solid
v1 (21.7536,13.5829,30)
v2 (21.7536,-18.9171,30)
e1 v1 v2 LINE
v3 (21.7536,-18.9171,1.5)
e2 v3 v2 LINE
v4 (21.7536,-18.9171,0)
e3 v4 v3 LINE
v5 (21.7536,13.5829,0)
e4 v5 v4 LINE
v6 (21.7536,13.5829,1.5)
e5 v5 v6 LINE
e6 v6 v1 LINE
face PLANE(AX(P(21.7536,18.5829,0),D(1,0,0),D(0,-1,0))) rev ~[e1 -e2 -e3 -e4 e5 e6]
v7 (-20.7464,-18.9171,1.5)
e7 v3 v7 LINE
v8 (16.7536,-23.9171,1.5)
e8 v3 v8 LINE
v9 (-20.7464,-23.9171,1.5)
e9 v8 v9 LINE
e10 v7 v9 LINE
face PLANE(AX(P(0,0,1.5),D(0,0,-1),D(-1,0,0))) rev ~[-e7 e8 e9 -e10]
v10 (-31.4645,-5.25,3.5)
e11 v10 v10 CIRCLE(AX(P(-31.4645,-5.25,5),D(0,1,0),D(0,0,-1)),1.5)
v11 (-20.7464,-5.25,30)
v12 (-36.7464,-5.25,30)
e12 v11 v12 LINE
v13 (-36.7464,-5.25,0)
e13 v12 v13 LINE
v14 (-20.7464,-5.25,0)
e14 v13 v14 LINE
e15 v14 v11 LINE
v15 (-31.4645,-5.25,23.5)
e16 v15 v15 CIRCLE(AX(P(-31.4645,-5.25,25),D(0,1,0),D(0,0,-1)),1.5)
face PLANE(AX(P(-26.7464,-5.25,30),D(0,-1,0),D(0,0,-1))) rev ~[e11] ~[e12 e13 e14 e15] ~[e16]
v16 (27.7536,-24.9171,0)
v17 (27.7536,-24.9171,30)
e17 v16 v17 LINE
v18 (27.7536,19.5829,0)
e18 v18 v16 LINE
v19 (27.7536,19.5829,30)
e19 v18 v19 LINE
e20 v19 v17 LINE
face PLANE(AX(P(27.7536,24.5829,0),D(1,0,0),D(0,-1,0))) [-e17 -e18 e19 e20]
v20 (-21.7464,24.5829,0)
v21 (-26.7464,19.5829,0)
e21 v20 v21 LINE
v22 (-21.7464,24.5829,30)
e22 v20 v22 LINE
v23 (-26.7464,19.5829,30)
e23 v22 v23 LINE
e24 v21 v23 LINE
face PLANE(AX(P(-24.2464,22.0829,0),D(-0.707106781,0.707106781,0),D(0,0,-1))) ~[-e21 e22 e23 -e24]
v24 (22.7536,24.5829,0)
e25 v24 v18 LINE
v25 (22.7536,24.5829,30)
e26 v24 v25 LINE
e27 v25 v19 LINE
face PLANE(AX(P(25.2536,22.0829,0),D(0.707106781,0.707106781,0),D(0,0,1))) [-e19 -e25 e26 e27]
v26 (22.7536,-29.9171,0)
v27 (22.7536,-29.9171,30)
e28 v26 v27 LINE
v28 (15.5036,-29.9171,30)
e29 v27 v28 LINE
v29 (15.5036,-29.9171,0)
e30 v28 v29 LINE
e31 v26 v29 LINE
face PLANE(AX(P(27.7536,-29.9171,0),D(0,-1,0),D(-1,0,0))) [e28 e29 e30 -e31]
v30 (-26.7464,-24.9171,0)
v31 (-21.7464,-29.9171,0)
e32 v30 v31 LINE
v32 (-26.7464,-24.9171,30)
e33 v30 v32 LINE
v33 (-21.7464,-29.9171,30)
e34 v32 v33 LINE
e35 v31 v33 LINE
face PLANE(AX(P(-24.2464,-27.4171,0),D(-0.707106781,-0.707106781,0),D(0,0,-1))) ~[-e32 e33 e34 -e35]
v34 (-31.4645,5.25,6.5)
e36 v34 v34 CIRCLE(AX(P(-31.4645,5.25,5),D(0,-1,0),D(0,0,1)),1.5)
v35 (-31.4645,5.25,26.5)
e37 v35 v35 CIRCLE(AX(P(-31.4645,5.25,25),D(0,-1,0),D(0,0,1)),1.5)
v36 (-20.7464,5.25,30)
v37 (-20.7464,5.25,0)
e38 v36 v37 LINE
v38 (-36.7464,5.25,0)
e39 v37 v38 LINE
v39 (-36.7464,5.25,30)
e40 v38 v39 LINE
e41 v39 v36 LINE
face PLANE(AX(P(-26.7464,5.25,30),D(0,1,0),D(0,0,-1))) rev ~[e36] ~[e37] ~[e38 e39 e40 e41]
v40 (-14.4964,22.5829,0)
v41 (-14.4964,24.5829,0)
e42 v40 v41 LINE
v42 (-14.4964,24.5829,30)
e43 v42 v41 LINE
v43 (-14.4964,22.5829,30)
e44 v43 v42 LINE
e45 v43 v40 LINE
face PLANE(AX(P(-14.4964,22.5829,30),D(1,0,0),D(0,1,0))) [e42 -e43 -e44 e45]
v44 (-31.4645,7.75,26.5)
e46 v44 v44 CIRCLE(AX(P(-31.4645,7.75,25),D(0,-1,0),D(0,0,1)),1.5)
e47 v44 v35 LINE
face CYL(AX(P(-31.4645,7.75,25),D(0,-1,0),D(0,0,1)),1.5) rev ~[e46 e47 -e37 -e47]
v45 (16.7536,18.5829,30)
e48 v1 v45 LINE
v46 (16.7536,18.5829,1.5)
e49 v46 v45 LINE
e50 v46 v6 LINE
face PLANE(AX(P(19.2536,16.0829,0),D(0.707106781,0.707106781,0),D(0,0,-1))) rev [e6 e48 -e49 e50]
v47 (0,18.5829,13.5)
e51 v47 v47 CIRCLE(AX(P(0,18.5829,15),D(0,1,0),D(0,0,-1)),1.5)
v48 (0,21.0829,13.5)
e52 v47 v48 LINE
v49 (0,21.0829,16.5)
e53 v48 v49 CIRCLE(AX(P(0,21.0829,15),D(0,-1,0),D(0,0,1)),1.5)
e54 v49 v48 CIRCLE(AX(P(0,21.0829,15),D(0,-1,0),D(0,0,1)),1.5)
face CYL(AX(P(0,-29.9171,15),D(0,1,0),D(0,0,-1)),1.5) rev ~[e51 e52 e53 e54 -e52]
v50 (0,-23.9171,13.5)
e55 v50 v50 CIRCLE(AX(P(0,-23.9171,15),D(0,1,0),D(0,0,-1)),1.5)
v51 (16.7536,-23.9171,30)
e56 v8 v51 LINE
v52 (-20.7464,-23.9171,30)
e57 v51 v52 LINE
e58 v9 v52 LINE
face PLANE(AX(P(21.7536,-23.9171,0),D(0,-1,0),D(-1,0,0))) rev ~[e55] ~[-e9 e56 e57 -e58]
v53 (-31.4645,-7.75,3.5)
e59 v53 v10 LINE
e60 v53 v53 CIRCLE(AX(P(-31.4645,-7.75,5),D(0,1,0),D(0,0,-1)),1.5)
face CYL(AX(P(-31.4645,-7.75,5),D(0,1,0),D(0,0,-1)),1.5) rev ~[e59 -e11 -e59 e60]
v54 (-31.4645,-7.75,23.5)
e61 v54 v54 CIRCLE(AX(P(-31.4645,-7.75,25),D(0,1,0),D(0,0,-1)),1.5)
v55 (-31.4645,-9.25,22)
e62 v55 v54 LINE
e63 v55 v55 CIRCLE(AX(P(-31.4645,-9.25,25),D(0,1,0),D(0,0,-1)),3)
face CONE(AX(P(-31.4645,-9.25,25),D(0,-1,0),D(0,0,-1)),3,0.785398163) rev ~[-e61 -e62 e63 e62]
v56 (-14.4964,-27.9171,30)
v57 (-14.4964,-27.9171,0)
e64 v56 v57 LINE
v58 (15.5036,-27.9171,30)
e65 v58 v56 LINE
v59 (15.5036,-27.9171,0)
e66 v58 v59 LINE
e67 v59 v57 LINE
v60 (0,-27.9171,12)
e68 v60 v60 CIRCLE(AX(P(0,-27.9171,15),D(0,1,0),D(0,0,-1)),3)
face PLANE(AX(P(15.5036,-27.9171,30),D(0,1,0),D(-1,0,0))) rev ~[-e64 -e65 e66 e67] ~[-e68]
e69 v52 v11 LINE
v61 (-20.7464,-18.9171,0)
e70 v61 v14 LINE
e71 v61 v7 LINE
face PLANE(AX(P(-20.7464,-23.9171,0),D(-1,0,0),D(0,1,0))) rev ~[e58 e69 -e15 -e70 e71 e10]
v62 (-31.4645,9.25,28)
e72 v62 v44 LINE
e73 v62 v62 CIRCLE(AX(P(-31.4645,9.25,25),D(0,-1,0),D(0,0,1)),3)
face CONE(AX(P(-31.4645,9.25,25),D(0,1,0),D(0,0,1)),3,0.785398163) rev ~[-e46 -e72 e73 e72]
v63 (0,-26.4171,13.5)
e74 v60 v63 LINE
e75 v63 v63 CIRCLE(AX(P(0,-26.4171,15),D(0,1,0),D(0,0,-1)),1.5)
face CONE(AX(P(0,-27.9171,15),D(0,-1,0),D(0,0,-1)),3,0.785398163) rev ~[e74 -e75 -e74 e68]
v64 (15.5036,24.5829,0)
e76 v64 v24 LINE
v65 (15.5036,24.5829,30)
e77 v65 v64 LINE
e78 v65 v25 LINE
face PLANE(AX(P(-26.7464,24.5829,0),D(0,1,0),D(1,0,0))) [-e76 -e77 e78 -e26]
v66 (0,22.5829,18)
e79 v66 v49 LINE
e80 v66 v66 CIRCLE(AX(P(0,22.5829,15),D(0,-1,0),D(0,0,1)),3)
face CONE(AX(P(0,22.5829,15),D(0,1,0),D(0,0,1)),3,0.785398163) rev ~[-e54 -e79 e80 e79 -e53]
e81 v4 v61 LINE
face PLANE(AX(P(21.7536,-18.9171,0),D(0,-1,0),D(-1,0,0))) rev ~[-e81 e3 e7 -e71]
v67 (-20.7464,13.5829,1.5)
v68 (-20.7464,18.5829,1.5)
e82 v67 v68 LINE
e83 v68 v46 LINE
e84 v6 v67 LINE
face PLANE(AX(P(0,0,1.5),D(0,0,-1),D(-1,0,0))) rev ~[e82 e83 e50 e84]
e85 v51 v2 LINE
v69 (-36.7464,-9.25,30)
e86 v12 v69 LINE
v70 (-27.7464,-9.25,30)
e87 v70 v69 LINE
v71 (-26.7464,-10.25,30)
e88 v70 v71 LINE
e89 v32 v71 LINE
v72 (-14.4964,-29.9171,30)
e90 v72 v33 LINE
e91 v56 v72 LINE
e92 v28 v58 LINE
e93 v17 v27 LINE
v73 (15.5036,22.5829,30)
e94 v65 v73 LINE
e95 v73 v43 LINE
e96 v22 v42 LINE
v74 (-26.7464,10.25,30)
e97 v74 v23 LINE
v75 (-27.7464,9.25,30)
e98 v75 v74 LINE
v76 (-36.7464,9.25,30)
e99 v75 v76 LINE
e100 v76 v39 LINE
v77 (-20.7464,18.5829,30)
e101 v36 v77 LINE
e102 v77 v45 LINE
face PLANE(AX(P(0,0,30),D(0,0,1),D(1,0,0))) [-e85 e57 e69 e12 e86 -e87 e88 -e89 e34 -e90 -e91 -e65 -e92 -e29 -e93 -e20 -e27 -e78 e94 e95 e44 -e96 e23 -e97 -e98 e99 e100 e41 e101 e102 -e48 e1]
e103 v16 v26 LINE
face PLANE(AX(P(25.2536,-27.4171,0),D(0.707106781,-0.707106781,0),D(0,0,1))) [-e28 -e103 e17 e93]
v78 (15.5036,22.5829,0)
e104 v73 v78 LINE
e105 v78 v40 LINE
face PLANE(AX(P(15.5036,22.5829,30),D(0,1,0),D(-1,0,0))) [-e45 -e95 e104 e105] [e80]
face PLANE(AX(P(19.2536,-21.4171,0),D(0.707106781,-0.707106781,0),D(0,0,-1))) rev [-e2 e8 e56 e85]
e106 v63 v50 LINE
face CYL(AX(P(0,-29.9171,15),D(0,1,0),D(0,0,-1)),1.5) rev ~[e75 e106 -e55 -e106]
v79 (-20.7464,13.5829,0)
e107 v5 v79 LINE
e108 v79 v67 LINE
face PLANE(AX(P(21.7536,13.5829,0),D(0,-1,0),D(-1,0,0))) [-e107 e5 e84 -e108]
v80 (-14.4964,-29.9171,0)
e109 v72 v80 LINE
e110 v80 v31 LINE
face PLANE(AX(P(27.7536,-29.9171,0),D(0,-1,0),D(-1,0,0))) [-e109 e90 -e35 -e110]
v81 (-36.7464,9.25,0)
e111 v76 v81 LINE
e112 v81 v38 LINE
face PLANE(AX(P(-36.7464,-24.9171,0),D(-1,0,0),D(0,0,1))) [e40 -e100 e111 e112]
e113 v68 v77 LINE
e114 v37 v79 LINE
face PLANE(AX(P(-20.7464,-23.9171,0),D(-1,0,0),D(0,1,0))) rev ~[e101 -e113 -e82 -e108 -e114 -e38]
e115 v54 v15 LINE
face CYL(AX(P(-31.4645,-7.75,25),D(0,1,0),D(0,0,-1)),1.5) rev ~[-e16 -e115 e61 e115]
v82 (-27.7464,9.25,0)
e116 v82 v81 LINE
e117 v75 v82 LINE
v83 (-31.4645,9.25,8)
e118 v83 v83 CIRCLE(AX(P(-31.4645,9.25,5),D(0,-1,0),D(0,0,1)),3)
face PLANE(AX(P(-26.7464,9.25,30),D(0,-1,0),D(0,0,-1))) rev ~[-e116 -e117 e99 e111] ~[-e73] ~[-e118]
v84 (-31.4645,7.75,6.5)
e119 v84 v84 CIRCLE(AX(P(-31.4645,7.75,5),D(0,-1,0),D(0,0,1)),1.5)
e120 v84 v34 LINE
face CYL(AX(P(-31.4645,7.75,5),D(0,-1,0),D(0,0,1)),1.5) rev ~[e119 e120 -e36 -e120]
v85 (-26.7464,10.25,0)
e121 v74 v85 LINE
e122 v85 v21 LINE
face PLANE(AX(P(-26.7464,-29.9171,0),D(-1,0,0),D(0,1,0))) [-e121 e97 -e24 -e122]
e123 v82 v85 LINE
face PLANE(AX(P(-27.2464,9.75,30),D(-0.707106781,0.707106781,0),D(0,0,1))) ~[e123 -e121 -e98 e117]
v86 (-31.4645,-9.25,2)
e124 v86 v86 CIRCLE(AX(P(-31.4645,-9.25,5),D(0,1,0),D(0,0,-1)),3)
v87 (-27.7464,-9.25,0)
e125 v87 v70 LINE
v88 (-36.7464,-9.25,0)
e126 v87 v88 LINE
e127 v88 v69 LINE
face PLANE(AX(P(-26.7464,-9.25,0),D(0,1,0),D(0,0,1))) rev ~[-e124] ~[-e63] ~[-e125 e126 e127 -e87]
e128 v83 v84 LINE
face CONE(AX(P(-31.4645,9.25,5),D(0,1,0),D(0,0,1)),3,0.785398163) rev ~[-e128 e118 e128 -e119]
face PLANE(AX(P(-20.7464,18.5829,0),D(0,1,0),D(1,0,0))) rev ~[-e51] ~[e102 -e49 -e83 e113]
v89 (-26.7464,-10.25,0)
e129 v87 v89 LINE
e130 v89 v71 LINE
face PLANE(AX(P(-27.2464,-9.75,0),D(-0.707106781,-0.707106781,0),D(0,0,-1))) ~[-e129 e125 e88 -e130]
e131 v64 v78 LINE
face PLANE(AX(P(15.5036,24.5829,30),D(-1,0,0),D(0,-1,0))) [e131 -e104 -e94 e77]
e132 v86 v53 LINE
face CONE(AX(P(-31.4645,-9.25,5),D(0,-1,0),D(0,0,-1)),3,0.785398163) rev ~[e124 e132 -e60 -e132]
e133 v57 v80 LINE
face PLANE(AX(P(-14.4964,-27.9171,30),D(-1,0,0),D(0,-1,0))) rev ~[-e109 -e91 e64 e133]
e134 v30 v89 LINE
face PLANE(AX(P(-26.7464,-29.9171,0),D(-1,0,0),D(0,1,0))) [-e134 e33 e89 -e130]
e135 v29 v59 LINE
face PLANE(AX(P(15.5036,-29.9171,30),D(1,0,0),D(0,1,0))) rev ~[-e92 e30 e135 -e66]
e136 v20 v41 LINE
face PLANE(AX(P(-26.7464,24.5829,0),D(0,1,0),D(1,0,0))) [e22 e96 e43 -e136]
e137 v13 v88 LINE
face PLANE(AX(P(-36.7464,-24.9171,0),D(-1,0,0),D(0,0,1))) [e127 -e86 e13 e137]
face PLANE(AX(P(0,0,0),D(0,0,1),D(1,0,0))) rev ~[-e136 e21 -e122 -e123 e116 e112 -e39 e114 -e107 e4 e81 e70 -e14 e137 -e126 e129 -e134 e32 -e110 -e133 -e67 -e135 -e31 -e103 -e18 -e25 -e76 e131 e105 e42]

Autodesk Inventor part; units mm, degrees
ref_plane "YZ Plane" through (0, 0, 0) normal (1, 0, 0) x (0, 1, 0)
ref_plane "XZ Plane" through (0, 0, 0) normal (0, 1, 0) x (-1, 0, 0)
ref_plane "XY Plane" through (0, 0, 0) normal (0, 0, 1) x (1, 0, 0)
sketch "Sketch1" plane through (0, 0, 0) normal (0, 0, 1) x (1, 0, 0)
  line L0 (-20.7464, 18.5829) -> (21.7536, 18.5829)
  line L1 (21.7536, 18.5829) -> (21.7536, -23.9171)
  line L2 (21.7536, -23.9171) -> (-20.7464, -23.9171)
  line L3 (-20.7464, -23.9171) -> (-20.7464, 18.5829)
  line L4 (-26.7464, 24.5829) -> (27.7536, 24.5829)
  line L5 (27.7536, 24.5829) -> (27.7536, -29.9171)
  line L6 (27.7536, -29.9171) -> (-26.7464, -29.9171)
  line L7 (-26.7464, -29.9171) -> (-26.7464, 24.5829)
  point P0 (0, 0)
  dimension "d0" = 42.5
  dimension "d1" = 42.5
  dimension "d2" = 6
  dimension "d3" = 6
  dimension "d4" = 6
  dimension "d5" = 6
extrude "Extrusion1" add sketch "Sketch1" along normal blind 30
chamfer "Chamfer1" distance 5 angle 45 4 edges at (27.7536, 24.5829, 15) (27.7536, -29.9171, 15) (21.7536, -23.9171, 15) (21.7536, 18.5829, 15)
chamfer "Chamfer2" distance 5 angle 45 2 edges at (-26.7464, 24.5829, 15) (-26.7464, -29.9171, 15)
sketch "Sketch2" plane through (22.7536, -29.9171, 0) normal (0, -1, 0) x (1, 0, 0)
  line L0 (-44.5, 30) -> (0, 30) projected
  point P0 (-22.7536, 0)
  point P1 (-22.7536, 15)
  dimension "d14" = 15
hole "Hole1" at (0, -29.9171, 15) direction (0, 1, 0) diameter 3 depth 100 tip angle 118
sketch "Sketch3" plane through (0, 0, 30) normal (0, 0, 1) x (1, 0, 0)
  line L0 (-21.7464, -29.9171) -> (22.7536, -29.9171) projected
  line L1 (-14.4964, -29.9171) -> (15.5036, -29.9171)
  line L2 (15.5036, -29.9171) -> (15.5036, -27.9171)
  line L3 (15.5036, -27.9171) -> (-14.4964, -27.9171)
  line L4 (-14.4964, -27.9171) -> (-14.4964, -29.9171)
  line L5 (-21.7464, 24.5829) -> (22.7536, 24.5829) projected
  line L6 (-14.4964, 24.5829) -> (15.5036, 24.5829)
  line L7 (15.5036, 24.5829) -> (15.5036, 22.5829)
  line L8 (15.5036, 22.5829) -> (-14.4964, 22.5829)
  line L9 (-14.4964, 22.5829) -> (-14.4964, 24.5829)
  line L10 (-20.7464, -23.9171) -> (-20.7464, 18.5829) projected
  point P0 (0, 0)
  dimension "d22" = 30
  dimension "d23" = 6.25
  dimension "d24" = 2
  dimension "d25" = 2
extrude "Extrusion2" cut sketch "Sketch3" against normal blind 30
sketch "Sketch4" plane through (-26.7464, -24.9171, 0) normal (-1, 0, 0) x (0, 0, 1)
  point P0 (0, 24.9171)
sketch "Sketch5" plane through (-26.7464, -24.9171, 0) normal (-1, 0, 0) x (0, 0, 1)
  line L0 (30, 38.5) -> (30, 6) projected
  line L1 (30, 34.1671) -> (0, 34.1671)
  line L2 (0, 34.1671) -> (0, 30.1671)
  line L3 (0, 30.1671) -> (30, 30.1671)
  line L4 (30, 30.1671) -> (30, 34.1671)
  line L5 (30, 19.6671) -> (0, 19.6671)
  line L6 (0, 19.6671) -> (0, 15.6671)
  line L7 (0, 15.6671) -> (30, 15.6671)
  line L8 (30, 15.6671) -> (30, 19.6671)
  line L9 (0, 0) -> (0, 44.5) projected
  point P0 (0, 24.9171)
  dimension "d28" = 10.5
  dimension "d29" = 4
  dimension "d30" = 4
  dimension "d31" = 5.25
extrude "Extrusion3" add sketch "Sketch5" along normal blind 10 contours L0 L3 L2 L1 | L0 L7 L6 L5
sketch "Sketch6" plane through (22.7536, -29.9171, 0) normal (0, -1, 0) x (1, 0, 0)
  point P0 (-22.7536, 0)
sketch "Sketch7" plane through (-14.4964, -27.9171, 30) normal (0, -1, 0) x (1, 0, 0)
  circle A0 centre (14.4964, -15) radius 1.5 projected
  point P0 (14.4964, -30)
hole "Hole2" at (0, -27.9171, 15) direction (0, 1, 0) diameter 3 depth 100 tip angle 118 countersink diameter 6 countersink angle 90
sketch "Sketch8" plane through (-14.4964, 22.5829, 30) normal (0, 1, 0) x (1, 0, 0)
  circle A0 centre (14.4964, 15) radius 1.5 projected
  point P0 (14.4964, 30)
hole "Hole3" at (0, 22.5829, 15) direction (0, -1, 0) diameter 3 depth 5 tip angle 118 countersink diameter 6 countersink angle 90
sketch "Sketch9" plane through (-26.7464, -9.25, 0) normal (0, -1, 0) x (1, 0, 0)
  line L0 (0, 30) -> (-10, 30) projected
  line L1 (0, 0) -> (-10, 0) projected
  point P0 (26.7464, 0)
  point P1 (-4.7181, 25)
  point P2 (-4.7181, 5)
  dimension "d48" = 5
  dimension "d49" = 5
hole "Hole4" at (-31.4645, -9.25, 25) at (-31.4645, -9.25, 5) direction (0, 1, 0) diameter 3 depth 5 tip angle 118 countersink diameter 6 countersink angle 90
sketch "Sketch10" plane through (-26.7464, 9.25, 30) normal (0, 1, 0) x (1, 0, 0)
  circle A0 centre (-4.7181, 5) radius 1.5 projected
  circle A1 centre (-4.7181, 25) radius 1.5 projected
  point P0 (26.7464, 30)
hole "Hole5" at (-31.4645, 9.25, 25) at (-31.4645, 9.25, 5) direction (0, -1, 0) diameter 3 depth 5 tip angle 118 countersink diameter 6 countersink angle 90
sketch "Sketch11" plane through (0, 0, 0) normal (0, 0, -1) x (-1, 0, 0)
  line L0 (-21.7536, 13.5829) -> (20.7464, 13.5829)
  line L1 (20.7464, 13.5829) -> (20.7464, 18.5829)
  line L2 (20.7464, 18.5829) -> (-21.7536, 18.5829)
  line L3 (-21.7536, 18.5829) -> (-21.7536, 13.5829)
  line L4 (20.7464, -23.9171) -> (-21.7536, -23.9171)
  line L5 (-21.7536, -23.9171) -> (-21.7536, -18.9171)
  line L6 (-21.7536, -18.9171) -> (20.7464, -18.9171)
  line L7 (20.7464, -18.9171) -> (20.7464, -23.9171)
  line L8 (20.7464, -23.9171) -> (-16.7536, -23.9171) projected
  point P0 (0, 0)
  dimension "d64" = 5
extrude "Extrusion4" add sketch "Sketch11" against normal blind 1.5
sketch "Sketch12" plane through (-26.7464, -5.25, 0) normal (-1, 0, 0) x (0, 0, 1)
  point P0 (0, 5.25)
sketch "Sketch13" plane through (-26.7464, -5.25, 0) normal (-1, 0, 0) x (0, 0, 1)
  line L0 (30, 10.5) -> (0, 10.5)
  line L1 (0, 10.5) -> (0, 0)
  line L2 (0, 0) -> (30, 0)
  line L3 (30, 0) -> (30, 10.5)
  point P0 (0, 5.25)
extrude "Extrusion5" cut sketch "Sketch13" against normal blind 6
chamfer "Chamfer3" distance 1 angle 45 1 edges at (-26.7464, 9.25, 15)
chamfer "Chamfer4" distance 1 angle 45 1 edges at (-26.7464, -9.25, 15)
properties part number "Stepper mount v1"
